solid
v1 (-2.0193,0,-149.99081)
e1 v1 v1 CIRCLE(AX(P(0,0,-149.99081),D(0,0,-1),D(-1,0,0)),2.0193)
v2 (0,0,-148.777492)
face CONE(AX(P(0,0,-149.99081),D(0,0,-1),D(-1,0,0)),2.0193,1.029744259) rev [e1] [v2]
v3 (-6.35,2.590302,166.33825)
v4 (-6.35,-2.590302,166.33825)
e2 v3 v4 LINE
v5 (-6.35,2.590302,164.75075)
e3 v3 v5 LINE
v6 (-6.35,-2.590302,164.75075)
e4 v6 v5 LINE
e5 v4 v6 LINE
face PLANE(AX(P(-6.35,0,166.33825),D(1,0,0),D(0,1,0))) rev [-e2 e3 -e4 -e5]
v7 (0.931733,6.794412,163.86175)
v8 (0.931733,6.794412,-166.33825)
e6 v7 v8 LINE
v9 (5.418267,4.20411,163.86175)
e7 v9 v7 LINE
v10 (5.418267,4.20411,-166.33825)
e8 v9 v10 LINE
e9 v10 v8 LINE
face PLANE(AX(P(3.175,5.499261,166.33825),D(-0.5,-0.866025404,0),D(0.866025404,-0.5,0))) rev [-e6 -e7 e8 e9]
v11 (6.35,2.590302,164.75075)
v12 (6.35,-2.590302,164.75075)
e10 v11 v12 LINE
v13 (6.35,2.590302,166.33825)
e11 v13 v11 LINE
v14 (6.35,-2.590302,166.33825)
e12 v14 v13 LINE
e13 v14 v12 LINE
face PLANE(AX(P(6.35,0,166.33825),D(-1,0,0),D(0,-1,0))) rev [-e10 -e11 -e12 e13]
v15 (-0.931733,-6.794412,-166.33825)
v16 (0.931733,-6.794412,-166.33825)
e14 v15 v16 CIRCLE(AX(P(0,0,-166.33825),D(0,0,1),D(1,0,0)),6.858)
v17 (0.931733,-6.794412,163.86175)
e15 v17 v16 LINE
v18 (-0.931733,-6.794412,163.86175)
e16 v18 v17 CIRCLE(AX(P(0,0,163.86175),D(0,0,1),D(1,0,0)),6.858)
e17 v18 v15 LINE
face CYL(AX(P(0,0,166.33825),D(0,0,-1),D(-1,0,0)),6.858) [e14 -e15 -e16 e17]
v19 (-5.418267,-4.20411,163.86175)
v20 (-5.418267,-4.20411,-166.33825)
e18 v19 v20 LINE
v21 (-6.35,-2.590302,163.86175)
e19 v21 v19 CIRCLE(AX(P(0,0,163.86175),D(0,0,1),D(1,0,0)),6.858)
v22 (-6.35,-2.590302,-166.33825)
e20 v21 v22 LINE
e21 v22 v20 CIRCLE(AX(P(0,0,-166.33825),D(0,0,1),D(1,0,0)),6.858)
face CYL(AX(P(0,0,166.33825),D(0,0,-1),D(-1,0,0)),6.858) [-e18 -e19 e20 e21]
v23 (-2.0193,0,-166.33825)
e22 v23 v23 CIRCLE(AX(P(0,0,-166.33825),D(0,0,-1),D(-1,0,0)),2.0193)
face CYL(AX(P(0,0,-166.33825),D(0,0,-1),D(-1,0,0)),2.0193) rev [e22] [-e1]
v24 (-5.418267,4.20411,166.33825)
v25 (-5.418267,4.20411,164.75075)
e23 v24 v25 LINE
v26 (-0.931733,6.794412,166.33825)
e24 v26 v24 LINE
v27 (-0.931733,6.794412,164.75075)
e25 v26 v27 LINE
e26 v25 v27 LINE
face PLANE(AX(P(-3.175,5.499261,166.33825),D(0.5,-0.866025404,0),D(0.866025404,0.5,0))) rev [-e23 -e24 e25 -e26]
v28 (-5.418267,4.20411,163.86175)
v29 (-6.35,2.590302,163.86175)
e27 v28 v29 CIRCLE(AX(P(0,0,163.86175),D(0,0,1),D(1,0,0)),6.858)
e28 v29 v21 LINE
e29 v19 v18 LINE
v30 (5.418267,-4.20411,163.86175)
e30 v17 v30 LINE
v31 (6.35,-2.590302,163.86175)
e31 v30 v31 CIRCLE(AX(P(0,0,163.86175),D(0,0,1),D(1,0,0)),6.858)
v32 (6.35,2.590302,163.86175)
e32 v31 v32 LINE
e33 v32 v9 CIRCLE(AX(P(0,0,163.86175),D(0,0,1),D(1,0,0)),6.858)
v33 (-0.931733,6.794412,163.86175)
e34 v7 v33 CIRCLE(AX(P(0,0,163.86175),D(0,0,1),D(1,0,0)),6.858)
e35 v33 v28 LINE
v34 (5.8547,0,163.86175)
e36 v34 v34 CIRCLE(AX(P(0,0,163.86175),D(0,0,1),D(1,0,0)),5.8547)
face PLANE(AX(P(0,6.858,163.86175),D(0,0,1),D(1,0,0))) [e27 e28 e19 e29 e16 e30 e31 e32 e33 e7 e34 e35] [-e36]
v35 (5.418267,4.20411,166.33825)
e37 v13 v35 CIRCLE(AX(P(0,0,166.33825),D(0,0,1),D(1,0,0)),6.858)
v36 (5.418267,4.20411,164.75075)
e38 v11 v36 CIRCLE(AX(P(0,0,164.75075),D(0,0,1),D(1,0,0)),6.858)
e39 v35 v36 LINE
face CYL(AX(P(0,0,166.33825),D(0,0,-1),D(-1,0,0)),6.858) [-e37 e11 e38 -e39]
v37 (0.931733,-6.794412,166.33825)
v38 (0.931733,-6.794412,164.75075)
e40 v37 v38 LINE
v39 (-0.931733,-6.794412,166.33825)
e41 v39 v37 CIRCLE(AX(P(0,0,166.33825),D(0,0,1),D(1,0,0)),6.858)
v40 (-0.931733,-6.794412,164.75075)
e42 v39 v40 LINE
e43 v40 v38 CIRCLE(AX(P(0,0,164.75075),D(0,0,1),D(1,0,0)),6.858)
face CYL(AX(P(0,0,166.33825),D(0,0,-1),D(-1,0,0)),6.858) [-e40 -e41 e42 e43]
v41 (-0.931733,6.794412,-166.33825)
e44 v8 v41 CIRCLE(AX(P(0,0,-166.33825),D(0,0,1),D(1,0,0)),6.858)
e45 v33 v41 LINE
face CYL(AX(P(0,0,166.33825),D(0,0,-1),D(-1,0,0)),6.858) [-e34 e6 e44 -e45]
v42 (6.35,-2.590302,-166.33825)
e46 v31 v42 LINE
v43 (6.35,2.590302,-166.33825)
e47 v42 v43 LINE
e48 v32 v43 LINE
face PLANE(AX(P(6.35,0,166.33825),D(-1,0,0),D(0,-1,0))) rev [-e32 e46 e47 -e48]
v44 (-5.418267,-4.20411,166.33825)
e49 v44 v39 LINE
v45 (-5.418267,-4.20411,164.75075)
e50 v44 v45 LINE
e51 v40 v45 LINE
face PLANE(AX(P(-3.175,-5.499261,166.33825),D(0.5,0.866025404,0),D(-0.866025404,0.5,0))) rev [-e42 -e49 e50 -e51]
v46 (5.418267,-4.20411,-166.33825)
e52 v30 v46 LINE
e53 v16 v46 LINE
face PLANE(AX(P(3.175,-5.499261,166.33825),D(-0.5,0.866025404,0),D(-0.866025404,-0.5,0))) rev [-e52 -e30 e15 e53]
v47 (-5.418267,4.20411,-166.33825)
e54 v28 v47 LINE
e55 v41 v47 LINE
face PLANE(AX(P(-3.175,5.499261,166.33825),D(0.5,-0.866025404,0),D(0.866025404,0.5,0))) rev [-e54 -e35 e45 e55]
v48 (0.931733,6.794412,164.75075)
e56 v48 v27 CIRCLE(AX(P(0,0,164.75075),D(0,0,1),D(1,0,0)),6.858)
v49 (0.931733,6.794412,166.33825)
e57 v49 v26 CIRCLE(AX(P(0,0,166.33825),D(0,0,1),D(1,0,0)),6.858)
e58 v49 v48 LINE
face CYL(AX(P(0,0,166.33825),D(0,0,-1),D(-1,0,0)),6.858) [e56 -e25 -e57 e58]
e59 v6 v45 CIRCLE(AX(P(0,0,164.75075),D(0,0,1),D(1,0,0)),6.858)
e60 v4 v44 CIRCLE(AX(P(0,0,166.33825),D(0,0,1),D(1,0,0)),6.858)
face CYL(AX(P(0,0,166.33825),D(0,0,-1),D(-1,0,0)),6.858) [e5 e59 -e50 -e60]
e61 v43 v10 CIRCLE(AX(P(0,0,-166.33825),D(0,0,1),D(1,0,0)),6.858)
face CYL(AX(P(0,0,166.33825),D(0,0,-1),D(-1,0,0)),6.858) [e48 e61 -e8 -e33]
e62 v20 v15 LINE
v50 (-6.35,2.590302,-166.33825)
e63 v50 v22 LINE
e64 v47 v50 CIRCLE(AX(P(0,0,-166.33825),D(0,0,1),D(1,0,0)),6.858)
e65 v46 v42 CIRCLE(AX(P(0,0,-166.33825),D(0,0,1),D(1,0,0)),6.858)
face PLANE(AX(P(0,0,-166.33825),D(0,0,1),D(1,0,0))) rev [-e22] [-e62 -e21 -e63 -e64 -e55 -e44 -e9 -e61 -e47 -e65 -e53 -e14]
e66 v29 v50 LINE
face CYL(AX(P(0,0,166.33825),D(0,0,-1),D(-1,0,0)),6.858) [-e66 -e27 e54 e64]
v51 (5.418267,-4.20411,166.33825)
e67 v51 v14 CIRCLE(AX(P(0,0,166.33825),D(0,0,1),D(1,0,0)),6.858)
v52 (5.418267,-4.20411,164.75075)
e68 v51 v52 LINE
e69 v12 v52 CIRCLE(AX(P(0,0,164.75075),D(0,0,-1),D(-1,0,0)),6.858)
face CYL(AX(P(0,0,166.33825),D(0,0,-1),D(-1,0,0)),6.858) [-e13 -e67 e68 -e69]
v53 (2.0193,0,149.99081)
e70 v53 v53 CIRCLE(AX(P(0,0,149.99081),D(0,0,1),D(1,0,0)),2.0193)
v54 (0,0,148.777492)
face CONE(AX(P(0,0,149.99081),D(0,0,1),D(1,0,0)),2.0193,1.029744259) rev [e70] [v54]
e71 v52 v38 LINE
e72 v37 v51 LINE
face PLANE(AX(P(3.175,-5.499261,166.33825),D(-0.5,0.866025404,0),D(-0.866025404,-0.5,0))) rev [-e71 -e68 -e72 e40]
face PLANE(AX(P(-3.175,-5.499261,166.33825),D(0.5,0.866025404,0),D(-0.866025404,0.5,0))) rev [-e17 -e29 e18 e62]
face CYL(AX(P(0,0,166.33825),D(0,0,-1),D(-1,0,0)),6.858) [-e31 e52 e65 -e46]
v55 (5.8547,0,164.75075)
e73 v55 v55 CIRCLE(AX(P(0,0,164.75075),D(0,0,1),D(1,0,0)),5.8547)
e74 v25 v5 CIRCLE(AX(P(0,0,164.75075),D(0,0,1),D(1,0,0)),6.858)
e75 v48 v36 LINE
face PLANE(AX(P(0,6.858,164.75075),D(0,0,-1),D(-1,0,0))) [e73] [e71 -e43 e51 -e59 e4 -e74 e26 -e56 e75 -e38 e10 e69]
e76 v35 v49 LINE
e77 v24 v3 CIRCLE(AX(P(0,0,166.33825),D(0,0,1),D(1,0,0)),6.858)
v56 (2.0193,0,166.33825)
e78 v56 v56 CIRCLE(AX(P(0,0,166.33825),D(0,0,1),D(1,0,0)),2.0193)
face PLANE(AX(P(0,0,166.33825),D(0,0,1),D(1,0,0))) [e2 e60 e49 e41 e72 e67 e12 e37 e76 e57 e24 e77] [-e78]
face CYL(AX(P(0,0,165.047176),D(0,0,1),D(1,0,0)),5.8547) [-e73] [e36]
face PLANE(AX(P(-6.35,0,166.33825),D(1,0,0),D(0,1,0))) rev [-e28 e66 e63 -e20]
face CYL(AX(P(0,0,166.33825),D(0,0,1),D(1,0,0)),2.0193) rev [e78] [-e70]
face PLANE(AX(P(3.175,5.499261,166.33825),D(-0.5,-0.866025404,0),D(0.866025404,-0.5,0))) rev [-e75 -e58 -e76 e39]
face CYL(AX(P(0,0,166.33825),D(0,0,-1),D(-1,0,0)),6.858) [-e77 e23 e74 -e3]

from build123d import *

# Parameters (mm, degrees)
BOSS_EXTRUDE1_DEPTH                  = 166.33825
F_10_32_TAPPED_HOLE1_D               = 4.0386
F_10_32_TAPPED_HOLE1_DEPTH           = 16.34744
F_10_32_TAPPED_HOLE1_TIP             = 1.213317848
F_10_32_TAPPED_HOLE1_ON_FACE_2_D     = 4.0386
F_10_32_TAPPED_HOLE1_ON_FACE_2_DEPTH = 16.34744
F_10_32_TAPPED_HOLE1_ON_FACE_2_TIP   = 1.213317848
SKETCH5_W                            = 0.889
SKETCH5_H                            = 1.0033


with BuildPart() as part:
    # Sketch1 → Boss-Extrude1 (new, symmetric)
    with BuildSketch(Plane.XY):
        with BuildLine():
            ThreePointArc((0.93173274, 6.79441227), (0, 6.858), (-0.93173274, 6.79441227))
            Line((-0.93173274, 6.79441227), (-5.41826726, 4.204110358))
            ThreePointArc((-5.41826726, 4.204110358), (-5.939202219, 3.429), (-6.35, 2.590301913))
            Line((-6.35, 2.590301913), (-6.35, -2.590301913))
            ThreePointArc((-6.35, -2.590301913), (-5.939202219, -3.429), (-5.41826726, -4.204110358))
            Line((-5.41826726, -4.204110358), (-0.93173274, -6.79441227))
            ThreePointArc((-0.93173274, -6.79441227), (0, -6.858), (0.93173274, -6.79441227))
            Line((0.93173274, -6.79441227), (5.41826726, -4.204110358))
            ThreePointArc((5.41826726, -4.204110358), (5.939202219, -3.429), (6.35, -2.590301913))
            Line((6.35, -2.590301913), (6.35, 2.590301913))
            ThreePointArc((6.35, 2.590301913), (5.939202219, 3.429), (5.41826726, 4.204110358))
            Line((5.41826726, 4.204110358), (0.93173274, 6.79441227))
        make_face()
    extrude(amount=BOSS_EXTRUDE1_DEPTH, both=True)

    # #10-32 Tapped Hole1
    with Locations(Plane.XY.offset(166.33825)):
        with Locations((0, 0)):
            Hole(F_10_32_TAPPED_HOLE1_D / 2, depth=F_10_32_TAPPED_HOLE1_DEPTH)
            with Locations((0, 0, -(F_10_32_TAPPED_HOLE1_DEPTH + F_10_32_TAPPED_HOLE1_TIP / 2))):  # 118° drill point
                Cone(0, F_10_32_TAPPED_HOLE1_D / 2, F_10_32_TAPPED_HOLE1_TIP, mode=Mode.SUBTRACT)

    # #10-32 Tapped Hole1 on face 2
    with Locations(Plane(origin=(0, 0, -166.33825), x_dir=(-1, 0, 0), z_dir=(0, 0, -1))):
        with Locations((0, 0)):
            Hole(F_10_32_TAPPED_HOLE1_ON_FACE_2_D / 2, depth=F_10_32_TAPPED_HOLE1_ON_FACE_2_DEPTH)
            with Locations((0, 0, -(F_10_32_TAPPED_HOLE1_ON_FACE_2_DEPTH + F_10_32_TAPPED_HOLE1_ON_FACE_2_TIP / 2))):  # 118° drill point
                Cone(0, F_10_32_TAPPED_HOLE1_ON_FACE_2_D / 2, F_10_32_TAPPED_HOLE1_ON_FACE_2_TIP, mode=Mode.SUBTRACT)

    # Sketch5 → Cut-Revolve1 (revolve, cut)
    with BuildSketch(Plane(origin=(0, 0, 0), x_dir=(0, 0, -1), z_dir=(1, 0, 0)), mode=Mode.PRIVATE) as cut_revolve1_sk:
        with Locations((-164.30625, 6.35635)):
            Rectangle(SKETCH5_W, SKETCH5_H)
    revolve(cut_revolve1_sk.sketch.rotate(Axis((0, 0, 165.047176272), (0, 0, -1)), 90), axis=Axis((0, 0, 165.047176272), (0, 0, -1)), mode=Mode.SUBTRACT)


solid = part.part
